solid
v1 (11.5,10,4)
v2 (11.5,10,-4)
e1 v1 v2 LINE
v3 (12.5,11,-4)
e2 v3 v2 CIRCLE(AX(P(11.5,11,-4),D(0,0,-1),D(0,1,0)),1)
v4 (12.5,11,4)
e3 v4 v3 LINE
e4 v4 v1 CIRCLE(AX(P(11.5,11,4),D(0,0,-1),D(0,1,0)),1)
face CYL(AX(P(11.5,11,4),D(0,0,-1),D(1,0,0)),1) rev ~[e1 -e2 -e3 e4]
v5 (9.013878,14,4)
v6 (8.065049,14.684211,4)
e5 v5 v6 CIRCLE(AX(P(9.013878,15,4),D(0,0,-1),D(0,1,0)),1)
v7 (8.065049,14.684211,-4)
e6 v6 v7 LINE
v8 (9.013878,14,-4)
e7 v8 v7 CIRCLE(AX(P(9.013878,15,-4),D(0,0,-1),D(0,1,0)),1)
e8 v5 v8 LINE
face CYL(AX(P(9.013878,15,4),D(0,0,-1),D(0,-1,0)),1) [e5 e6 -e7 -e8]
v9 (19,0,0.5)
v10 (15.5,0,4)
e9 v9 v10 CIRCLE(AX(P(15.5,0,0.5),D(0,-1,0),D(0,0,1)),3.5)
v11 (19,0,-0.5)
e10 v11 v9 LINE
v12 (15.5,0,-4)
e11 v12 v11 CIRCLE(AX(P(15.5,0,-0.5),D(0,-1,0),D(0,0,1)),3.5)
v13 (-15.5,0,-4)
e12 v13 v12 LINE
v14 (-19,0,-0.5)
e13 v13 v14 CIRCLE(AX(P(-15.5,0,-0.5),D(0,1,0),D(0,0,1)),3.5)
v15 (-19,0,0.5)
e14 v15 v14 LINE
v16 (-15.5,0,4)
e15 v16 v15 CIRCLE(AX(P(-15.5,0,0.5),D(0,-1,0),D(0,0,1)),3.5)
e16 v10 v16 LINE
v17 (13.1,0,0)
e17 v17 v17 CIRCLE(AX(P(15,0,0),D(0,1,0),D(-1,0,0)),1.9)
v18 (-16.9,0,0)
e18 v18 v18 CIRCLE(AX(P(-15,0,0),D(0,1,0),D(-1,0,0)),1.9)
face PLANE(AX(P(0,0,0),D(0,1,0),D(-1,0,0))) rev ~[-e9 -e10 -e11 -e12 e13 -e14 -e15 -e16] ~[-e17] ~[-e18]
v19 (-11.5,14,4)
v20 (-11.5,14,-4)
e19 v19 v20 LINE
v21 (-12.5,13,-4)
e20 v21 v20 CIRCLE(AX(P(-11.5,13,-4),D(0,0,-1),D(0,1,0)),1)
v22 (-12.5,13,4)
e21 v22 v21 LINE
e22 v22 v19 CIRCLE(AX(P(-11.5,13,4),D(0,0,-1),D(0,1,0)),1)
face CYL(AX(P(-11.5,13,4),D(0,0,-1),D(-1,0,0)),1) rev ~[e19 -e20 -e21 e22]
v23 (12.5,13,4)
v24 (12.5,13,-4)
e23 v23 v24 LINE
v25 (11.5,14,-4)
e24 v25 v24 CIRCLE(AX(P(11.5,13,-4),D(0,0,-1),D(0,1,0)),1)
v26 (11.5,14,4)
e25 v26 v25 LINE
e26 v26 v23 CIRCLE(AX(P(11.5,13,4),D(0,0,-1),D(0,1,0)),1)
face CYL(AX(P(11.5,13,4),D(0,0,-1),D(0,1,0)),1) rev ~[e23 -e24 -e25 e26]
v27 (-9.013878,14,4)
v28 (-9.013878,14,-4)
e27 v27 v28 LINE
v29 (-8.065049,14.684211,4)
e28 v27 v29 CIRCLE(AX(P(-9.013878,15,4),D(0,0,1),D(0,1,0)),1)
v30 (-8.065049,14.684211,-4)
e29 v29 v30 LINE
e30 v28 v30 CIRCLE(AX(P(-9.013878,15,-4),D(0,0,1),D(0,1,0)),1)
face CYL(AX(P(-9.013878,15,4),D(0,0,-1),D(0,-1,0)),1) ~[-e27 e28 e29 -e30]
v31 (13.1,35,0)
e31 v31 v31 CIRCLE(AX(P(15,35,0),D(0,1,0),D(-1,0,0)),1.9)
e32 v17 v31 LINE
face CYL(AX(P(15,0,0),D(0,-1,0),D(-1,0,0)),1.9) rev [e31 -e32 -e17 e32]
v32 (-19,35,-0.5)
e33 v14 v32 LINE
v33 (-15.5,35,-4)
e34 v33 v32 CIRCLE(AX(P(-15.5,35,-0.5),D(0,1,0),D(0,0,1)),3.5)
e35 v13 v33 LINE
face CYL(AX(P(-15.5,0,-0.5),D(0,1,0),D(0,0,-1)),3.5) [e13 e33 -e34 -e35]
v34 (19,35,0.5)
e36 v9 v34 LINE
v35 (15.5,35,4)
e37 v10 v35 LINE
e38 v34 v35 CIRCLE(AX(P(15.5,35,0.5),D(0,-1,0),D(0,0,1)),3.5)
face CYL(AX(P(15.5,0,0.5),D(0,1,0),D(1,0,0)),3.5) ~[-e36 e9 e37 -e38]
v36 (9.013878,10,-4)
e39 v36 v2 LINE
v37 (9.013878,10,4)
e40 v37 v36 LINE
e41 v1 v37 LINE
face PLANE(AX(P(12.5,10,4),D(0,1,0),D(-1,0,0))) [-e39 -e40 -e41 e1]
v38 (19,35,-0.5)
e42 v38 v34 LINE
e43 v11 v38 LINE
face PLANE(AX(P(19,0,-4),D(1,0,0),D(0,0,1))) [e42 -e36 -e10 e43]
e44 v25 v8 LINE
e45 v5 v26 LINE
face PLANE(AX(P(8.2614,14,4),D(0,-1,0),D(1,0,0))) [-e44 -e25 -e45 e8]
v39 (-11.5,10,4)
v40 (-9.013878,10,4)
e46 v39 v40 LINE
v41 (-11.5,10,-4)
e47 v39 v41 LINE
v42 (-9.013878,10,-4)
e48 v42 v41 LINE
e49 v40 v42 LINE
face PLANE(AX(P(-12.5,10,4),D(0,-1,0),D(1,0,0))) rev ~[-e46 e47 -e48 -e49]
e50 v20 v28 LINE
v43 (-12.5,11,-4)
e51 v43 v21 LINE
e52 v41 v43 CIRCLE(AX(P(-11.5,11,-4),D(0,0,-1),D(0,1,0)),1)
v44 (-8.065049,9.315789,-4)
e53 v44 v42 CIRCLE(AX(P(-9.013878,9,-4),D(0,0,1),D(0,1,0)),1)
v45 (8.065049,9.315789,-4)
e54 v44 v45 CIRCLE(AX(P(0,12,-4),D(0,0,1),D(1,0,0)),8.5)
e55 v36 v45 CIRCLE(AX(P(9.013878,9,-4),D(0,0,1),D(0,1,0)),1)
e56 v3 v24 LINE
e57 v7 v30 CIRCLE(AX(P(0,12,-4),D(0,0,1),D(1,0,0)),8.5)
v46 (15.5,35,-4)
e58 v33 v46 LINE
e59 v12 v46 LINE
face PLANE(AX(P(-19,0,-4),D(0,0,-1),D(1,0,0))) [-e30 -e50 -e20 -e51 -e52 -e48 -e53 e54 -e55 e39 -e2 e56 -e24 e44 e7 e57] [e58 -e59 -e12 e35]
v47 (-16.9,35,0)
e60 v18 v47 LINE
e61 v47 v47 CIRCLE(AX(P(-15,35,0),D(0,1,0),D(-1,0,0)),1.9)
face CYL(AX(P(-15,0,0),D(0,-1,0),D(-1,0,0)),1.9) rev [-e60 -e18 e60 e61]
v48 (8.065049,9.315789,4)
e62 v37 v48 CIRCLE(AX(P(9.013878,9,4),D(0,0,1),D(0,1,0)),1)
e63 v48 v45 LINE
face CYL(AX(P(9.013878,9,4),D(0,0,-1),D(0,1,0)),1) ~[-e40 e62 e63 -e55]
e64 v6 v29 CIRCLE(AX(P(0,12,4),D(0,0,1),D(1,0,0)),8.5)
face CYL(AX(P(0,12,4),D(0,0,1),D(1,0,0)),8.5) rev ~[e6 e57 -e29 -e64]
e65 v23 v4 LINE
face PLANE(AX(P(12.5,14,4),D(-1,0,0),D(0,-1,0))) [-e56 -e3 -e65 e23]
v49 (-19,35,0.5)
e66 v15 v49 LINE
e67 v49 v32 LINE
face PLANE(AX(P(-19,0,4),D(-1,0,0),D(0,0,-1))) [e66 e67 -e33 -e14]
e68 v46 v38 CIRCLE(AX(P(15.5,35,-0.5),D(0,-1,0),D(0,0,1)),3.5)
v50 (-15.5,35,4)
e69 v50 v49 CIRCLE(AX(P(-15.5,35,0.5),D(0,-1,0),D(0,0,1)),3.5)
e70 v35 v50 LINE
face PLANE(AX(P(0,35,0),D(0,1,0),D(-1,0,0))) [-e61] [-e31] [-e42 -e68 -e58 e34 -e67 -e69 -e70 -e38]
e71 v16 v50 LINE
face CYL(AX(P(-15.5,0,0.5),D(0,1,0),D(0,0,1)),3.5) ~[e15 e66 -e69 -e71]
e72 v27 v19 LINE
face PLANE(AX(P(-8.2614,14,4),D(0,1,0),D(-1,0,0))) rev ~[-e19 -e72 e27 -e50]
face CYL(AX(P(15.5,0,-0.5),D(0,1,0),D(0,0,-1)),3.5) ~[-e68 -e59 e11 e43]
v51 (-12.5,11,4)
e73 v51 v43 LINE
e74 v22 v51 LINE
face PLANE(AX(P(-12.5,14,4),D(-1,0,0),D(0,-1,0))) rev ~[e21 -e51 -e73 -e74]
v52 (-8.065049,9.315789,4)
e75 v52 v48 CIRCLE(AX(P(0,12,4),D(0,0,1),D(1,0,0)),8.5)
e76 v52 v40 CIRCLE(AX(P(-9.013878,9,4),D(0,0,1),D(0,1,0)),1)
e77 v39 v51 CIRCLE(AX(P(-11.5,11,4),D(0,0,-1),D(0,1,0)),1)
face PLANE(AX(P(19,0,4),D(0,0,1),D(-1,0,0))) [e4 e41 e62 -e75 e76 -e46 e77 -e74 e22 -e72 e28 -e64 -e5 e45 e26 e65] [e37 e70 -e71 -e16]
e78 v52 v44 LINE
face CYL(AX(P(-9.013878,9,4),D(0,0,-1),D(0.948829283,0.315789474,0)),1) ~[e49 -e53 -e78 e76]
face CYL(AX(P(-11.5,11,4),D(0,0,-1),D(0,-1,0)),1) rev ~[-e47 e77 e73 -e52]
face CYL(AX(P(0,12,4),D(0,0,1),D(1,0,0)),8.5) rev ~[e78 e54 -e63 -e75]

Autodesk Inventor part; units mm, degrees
ref_plane "YZ Plane" through (0, 0, 0) normal (1, 0, 0) x (0, 1, 0)
ref_plane "XZ Plane" through (0, 0, 0) normal (0, 1, 0) x (-1, 0, 0)
ref_plane "XY Plane" through (0, 0, 0) normal (0, 0, 1) x (1, 0, 0)
sketch "Эскиз1" plane through (0, 0, 0) normal (1, 0, 0) x (0, 1, 0)
  point P0 (0, 0)
sketch "Эскиз2" plane through (0, 0, 0) normal (0, 1, 0) x (-1, 0, 0)
  line L0 (19, -4) -> (-19, -4)
  line L1 (-19, -4) -> (-19, 4)
  line L2 (-19, 4) -> (19, 4)
  line L3 (19, 4) -> (19, -4)
  line L4 (19, -4) -> (-19, 4) construction
  line L5 (-19, -4) -> (19, 4) construction
  line L6 (19, 0) -> (-19, 0) construction
  circle A0 centre (-15, 0) radius 1.9
  line L7 (0, -4) -> (0, 4) construction
  circle A1 centre (15, 0) radius 1.9
  point P0 (0, 0)
  dimension "d1" = 30
  dimension "d2" = 3.8
  dimension "d3" = 38
  dimension "d4" = 8
extrude "Выдавливание1" add sketch "Эскиз2" along normal blind 35
fillet "Сопряжение1" radius 3.5 4 edges at (19, 17.5, 4) (19, 17.5, -4) (-19, 17.5, 4) (-19, 17.5, -4)
sketch "Эскиз3" plane through (-15.5, 0, 4) normal (0, 0, 1) x (1, 0, 0)
  line L0 (28.6, 35) -> (28.6, 0) construction
  line L1 (0, 0) -> (0, 35) construction
  line L2 (0, 0) -> (31, 0) construction
  line L3 (31, 35) -> (31, 0) construction
  line L4 (0, 35) -> (31, 35) construction
  line L5 (32.4, 35) -> (32.4, 0) construction
  line L6 (34.5, 35) -> (31, 35) construction
  line L7 (31, 35) -> (31, 0) construction
  line L8 (31, 0) -> (34.5, 0) construction
  line L9 (34.5, 0) -> (34.5, 35) construction
  line L10 (-1.4, 35) -> (-1.4, 0) construction
  line L11 (0, 35) -> (-3.5, 35) construction
  line L12 (-3.5, 35) -> (-3.5, 0) construction
  line L13 (-3.5, 0) -> (0, 0) construction
  line L14 (0, 0) -> (0, 35) construction
  line L15 (0, 0) -> (0, 35) construction
  line L16 (-1.4, 35) -> (2.4, 35) construction
  line L17 (28.6, 35) -> (32.4, 35) construction
  line L18 (28.6, 0) -> (32.4, 0) construction
  line L19 (-1.4, 35) -> (2.4, 35) construction
  line L20 (-1.4, 0) -> (2.4, 0) construction
  line L21 (-1.4, 35) -> (2.4, 35) construction
  line L22 (-1.4, 0) -> (2.4, 0) construction
  line L23 (2.4, 35) -> (2.4, 0) construction
  line L24 (28.6, 35) -> (2.4, 0) construction
  line L25 (2.4, 35) -> (28.6, 0) construction
  line L26 (15.5, 17.5) -> (15.5, 35) construction
  line L27 (0, 35) -> (31, 35) construction
  circle A0 centre (15.5, 12) radius 8.5
  point P0 (15.5, 0)
  dimension "d8" = 17
  dimension "d9" = 12
extrude "Выдавливание2" cut sketch "Эскиз3" against normal blind 35
sketch "Эскиз4" plane through (-15.5, 0, 4) normal (0, 0, 1) x (1, 0, 0)
  circle A0 centre (15.5, 12) radius 8.5 projected
  line L0 (0, 0) -> (0, 35) construction
  line L1 (0, 0) -> (31, 0) construction
  line L2 (31, 35) -> (31, 0) construction
  line L3 (0, 35) -> (31, 35) construction
  line L4 (23.7614, 14) -> (28, 14)
  line L5 (28, 14) -> (28, 10)
  line L6 (28, 10) -> (23.7614, 10)
  line L7 (24, 10) -> (24, 14) construction
  circle A1 centre (15.5, 12) radius 8.5 construction
  line L8 (7, 12) -> (24, 12) construction
  line L9 (15.5, 12) -> (15.5, 20.5) construction
  line L10 (7.2386, 14) -> (3, 14)
  line L11 (3, 14) -> (3, 10)
  line L12 (3, 10) -> (7.2386, 10)
  point P0 (15.5, 0)
  dimension "d13" = 4
  dimension "d14" = 4
extrude "Выдавливание3" cut sketch "Эскиз4" against normal blind 10 contours A0 L4 L5 L6 | A0 L12 L11 L10
fillet "Сопряжение2" radius 1 8 edges at (-12.5, 14, 0) (-12.5, 10, 0) (-8.2614, 14, 0) (-8.2614, 10, 0) (8.2614, 14, 0) (8.2614, 10, 0) (12.5, 10, 0) (12.5, 14, 0)
properties part number "inner_mount" material "Пластик АБС"
